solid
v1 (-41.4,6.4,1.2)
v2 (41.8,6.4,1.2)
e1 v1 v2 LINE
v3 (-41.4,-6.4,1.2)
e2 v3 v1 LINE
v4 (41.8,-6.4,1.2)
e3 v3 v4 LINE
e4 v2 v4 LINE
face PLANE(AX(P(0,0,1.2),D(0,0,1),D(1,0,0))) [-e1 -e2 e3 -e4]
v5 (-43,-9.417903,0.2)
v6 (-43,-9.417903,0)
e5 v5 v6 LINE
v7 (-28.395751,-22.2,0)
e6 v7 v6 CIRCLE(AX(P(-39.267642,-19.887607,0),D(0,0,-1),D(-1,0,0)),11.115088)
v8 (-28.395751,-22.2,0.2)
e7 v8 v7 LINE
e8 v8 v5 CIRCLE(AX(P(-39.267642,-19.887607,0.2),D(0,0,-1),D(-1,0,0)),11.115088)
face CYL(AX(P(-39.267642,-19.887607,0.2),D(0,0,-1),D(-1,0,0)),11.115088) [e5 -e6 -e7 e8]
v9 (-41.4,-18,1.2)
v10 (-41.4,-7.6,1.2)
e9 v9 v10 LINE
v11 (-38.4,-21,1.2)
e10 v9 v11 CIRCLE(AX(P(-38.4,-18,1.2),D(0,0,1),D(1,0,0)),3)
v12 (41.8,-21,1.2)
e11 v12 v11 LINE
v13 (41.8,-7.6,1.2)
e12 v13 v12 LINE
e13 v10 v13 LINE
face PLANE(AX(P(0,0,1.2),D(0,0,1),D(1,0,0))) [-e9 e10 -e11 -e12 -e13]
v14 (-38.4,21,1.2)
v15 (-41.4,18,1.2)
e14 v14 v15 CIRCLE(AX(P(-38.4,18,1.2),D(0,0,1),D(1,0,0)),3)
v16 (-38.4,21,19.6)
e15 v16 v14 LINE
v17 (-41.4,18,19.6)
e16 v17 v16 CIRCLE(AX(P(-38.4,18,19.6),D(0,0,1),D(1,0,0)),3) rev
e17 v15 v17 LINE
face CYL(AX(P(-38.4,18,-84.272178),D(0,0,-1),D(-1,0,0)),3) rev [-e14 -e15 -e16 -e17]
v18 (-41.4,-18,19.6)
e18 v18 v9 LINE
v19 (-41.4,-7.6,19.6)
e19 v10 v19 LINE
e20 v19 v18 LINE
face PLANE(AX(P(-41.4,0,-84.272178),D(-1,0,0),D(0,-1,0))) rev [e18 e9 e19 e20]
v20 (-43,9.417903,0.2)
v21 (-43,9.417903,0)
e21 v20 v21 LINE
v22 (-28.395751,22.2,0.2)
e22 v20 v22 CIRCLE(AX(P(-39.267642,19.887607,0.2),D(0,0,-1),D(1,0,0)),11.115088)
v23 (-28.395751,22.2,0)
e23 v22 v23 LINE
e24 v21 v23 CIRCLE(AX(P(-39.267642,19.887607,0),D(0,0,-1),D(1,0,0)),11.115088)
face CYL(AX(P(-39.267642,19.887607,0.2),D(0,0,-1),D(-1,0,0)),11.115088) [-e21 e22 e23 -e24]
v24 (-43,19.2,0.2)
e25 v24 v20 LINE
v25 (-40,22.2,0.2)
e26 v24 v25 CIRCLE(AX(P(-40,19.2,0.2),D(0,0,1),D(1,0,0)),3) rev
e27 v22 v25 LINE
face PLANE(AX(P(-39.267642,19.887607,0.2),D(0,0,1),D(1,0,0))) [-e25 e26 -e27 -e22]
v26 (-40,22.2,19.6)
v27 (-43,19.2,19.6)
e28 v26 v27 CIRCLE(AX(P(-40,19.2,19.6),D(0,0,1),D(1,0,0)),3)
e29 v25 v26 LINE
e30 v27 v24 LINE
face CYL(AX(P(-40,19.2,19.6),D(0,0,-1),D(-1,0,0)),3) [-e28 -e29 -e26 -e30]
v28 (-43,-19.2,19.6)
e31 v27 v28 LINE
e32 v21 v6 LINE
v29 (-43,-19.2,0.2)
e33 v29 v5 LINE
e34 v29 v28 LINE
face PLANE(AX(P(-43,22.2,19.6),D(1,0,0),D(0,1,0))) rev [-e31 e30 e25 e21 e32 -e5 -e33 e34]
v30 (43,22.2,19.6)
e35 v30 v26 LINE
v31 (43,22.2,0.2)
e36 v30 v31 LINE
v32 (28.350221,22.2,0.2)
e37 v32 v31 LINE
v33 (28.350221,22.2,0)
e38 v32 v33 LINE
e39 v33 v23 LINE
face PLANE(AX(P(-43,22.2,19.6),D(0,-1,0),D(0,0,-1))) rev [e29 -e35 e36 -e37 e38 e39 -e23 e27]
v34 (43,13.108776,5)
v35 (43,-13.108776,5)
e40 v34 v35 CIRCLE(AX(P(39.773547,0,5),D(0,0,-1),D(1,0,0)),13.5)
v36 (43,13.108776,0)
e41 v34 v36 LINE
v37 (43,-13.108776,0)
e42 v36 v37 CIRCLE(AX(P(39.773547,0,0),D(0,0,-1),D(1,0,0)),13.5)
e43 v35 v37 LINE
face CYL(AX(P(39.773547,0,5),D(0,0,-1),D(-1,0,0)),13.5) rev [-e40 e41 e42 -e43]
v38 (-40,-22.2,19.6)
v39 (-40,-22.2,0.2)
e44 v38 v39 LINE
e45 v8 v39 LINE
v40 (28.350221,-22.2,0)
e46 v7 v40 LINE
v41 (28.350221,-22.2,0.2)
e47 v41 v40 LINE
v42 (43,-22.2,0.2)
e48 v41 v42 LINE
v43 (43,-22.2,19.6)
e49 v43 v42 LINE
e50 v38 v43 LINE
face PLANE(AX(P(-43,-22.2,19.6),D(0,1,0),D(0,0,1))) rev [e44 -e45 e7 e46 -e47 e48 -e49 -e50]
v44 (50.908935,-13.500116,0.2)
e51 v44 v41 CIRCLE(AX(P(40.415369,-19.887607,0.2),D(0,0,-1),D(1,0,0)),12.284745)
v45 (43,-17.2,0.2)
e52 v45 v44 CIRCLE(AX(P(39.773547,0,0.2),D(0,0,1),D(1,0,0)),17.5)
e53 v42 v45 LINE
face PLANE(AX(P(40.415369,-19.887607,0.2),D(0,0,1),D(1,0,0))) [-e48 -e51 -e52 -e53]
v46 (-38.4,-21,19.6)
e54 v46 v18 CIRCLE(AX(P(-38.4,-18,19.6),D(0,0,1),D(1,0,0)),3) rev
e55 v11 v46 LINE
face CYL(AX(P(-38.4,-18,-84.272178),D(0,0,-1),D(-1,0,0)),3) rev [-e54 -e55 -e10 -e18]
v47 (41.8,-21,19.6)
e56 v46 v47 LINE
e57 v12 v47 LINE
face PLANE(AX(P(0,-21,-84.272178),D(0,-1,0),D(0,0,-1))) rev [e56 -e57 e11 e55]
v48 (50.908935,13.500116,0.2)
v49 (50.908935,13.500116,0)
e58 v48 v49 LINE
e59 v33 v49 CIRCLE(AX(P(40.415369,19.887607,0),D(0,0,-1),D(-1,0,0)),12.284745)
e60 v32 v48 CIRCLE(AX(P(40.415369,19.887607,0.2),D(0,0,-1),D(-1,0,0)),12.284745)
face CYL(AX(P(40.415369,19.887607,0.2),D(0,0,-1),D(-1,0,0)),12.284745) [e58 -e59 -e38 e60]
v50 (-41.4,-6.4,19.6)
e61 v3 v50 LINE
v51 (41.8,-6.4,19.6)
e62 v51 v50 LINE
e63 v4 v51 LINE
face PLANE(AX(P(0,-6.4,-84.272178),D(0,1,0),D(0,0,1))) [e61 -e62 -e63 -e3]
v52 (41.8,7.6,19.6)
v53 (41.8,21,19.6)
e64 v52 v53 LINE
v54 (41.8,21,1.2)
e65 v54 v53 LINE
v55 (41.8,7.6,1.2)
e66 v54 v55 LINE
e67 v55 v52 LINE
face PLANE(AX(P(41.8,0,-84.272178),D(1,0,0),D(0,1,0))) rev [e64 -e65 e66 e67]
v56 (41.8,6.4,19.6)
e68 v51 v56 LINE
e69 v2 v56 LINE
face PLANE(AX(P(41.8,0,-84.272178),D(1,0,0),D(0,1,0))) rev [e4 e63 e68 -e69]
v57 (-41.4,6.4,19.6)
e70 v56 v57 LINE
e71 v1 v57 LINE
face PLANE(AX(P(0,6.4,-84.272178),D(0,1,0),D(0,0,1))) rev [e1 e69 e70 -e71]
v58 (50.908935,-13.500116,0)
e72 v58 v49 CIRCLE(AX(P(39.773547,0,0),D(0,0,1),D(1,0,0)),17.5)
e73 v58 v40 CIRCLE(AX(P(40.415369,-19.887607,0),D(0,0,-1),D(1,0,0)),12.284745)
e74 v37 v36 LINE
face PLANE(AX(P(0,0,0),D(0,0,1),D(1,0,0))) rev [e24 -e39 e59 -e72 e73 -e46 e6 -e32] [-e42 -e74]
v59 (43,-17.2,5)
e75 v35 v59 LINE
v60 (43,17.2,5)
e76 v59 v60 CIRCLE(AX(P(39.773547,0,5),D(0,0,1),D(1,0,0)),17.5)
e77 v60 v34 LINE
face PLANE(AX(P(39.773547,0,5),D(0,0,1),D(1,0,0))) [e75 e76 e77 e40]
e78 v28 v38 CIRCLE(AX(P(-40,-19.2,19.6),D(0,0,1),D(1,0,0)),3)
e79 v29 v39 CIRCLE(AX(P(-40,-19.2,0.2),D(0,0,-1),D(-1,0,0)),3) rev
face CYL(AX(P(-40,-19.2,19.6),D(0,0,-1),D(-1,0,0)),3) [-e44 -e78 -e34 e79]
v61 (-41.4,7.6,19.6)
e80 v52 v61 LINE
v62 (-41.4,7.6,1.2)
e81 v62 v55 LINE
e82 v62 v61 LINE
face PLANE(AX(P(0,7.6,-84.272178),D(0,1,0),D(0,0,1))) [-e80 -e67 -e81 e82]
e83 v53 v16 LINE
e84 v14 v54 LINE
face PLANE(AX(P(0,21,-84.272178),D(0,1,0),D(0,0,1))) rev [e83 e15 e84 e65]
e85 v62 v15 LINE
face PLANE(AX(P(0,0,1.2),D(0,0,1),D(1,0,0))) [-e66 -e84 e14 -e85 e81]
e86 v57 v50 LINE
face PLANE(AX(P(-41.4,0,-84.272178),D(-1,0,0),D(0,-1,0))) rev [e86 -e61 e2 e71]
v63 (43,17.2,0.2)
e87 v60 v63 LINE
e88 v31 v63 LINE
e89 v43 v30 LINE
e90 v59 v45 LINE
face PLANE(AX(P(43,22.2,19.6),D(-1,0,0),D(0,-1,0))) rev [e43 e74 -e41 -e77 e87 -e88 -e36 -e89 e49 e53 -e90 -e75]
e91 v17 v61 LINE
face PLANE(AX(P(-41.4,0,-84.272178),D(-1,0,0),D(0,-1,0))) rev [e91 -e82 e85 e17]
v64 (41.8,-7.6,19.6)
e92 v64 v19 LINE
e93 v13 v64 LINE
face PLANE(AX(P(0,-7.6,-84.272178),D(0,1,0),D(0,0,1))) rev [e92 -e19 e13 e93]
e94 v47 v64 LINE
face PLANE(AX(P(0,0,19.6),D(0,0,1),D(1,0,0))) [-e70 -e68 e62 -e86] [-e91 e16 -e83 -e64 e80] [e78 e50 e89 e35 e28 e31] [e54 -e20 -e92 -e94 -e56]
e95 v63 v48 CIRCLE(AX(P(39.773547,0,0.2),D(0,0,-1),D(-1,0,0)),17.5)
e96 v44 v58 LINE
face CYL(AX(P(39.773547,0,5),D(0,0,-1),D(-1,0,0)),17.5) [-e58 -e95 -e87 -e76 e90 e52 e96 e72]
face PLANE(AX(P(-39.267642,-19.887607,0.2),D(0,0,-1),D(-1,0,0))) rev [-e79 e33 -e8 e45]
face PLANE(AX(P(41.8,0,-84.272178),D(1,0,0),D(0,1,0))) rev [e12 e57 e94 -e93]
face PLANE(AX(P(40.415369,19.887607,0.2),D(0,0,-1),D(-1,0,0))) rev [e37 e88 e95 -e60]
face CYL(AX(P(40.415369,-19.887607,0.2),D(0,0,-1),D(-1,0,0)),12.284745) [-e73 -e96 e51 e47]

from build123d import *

# Parameters (mm, degrees)
SKETCH_1_W          = 86
SKETCH_1_H          = 44.4
EXTRUDE_1_DEPTH     = 19.6
EXTRUDE_2_DEPTH     = 5
SKETCH_3_W          = 83.2
SKETCH_3_H          = 13.4
SKETCH_3_H_2        = 12.8
CUT_EXTRUDE_1_DEPTH = 18.4
FILLET_1_R          = 3
EXTRUDE_3_DEPTH     = 0.2


with BuildPart() as part:
    # Эскиз1 → Бобышка-Вытянуть1 (new body)
    with BuildSketch(Plane.XY):
        Rectangle(SKETCH_1_W, SKETCH_1_H)
    extrude(amount=EXTRUDE_1_DEPTH)

    # Эскиз2 → Бобышка-Вытянуть2 (add)
    with BuildSketch(Plane.XY):
        with BuildLine():
            Line((43, 17.2), (43, 13.108775687))
            ThreePointArc((43, 13.108775687), (53.273546839, 0), (43, -13.108775687))
            Line((43, -13.108775687), (43, -17.2))
            ThreePointArc((43, -17.2), (57.273546839, 0), (43, 17.2))
        make_face()
    extrude(amount=EXTRUDE_2_DEPTH)

    # Эскиз3 → Вырез-Вытянуть1 (cut)
    with BuildSketch(Plane.XY.offset(19.6)):
        with Locations((0.2, 14.3)):
            Rectangle(SKETCH_3_W, SKETCH_3_H)
        with Locations((0.2, 0)):
            Rectangle(SKETCH_3_W, SKETCH_3_H_2)
        with Locations((0.2, -14.3)):
            Rectangle(SKETCH_3_W, SKETCH_3_H)
    extrude(amount=-CUT_EXTRUDE_1_DEPTH, mode=Mode.SUBTRACT)

    # Скругление1
    fillet_1_edges = [part.edges().sort_by_distance(p)[0] for p in [
        (-41.4, 21, 10.4),
        (-41.4, -21, 10.4),
        (-43, -22.2, 9.8),
        (-43, 22.2, 9.8),
    ]]
    fillet(fillet_1_edges, radius=FILLET_1_R)

    # Эскиз4 → Бобышка-Вытянуть3 (add)
    with BuildSketch(Plane(origin=(0, 0, 0), x_dir=(-1, 0, 0), z_dir=(0, 0, -1))):
        with BuildLine():
            Line((-50.908934574, 13.500116296), (-28.350220542, 22.2))
            ThreePointArc((-28.350220542, 22.2), (-44.835714922, 31.349521818), (-50.908934574, 13.500116296))
        make_face()
        with BuildLine():
            Line((43, 9.417902962), (28.395750511, 22.2))
            ThreePointArc((28.395750511, 22.2), (46.588074999, 28.251604167), (43, 9.417902962))
        make_face()
        with BuildLine():
            Line((43, -9.417902962), (28.395750511, -22.2))
            ThreePointArc((28.395750511, -22.2), (46.588074999, -28.251604167), (43, -9.417902962))
        make_face()
        with BuildLine():
            Line((-50.908934574, -13.500116296), (-28.350220542, -22.2))
            ThreePointArc((-28.350220542, -22.2), (-44.835714922, -31.349521818), (-50.908934574, -13.500116296))
        make_face()
    extrude(amount=-EXTRUDE_3_DEPTH)


solid = part.part
